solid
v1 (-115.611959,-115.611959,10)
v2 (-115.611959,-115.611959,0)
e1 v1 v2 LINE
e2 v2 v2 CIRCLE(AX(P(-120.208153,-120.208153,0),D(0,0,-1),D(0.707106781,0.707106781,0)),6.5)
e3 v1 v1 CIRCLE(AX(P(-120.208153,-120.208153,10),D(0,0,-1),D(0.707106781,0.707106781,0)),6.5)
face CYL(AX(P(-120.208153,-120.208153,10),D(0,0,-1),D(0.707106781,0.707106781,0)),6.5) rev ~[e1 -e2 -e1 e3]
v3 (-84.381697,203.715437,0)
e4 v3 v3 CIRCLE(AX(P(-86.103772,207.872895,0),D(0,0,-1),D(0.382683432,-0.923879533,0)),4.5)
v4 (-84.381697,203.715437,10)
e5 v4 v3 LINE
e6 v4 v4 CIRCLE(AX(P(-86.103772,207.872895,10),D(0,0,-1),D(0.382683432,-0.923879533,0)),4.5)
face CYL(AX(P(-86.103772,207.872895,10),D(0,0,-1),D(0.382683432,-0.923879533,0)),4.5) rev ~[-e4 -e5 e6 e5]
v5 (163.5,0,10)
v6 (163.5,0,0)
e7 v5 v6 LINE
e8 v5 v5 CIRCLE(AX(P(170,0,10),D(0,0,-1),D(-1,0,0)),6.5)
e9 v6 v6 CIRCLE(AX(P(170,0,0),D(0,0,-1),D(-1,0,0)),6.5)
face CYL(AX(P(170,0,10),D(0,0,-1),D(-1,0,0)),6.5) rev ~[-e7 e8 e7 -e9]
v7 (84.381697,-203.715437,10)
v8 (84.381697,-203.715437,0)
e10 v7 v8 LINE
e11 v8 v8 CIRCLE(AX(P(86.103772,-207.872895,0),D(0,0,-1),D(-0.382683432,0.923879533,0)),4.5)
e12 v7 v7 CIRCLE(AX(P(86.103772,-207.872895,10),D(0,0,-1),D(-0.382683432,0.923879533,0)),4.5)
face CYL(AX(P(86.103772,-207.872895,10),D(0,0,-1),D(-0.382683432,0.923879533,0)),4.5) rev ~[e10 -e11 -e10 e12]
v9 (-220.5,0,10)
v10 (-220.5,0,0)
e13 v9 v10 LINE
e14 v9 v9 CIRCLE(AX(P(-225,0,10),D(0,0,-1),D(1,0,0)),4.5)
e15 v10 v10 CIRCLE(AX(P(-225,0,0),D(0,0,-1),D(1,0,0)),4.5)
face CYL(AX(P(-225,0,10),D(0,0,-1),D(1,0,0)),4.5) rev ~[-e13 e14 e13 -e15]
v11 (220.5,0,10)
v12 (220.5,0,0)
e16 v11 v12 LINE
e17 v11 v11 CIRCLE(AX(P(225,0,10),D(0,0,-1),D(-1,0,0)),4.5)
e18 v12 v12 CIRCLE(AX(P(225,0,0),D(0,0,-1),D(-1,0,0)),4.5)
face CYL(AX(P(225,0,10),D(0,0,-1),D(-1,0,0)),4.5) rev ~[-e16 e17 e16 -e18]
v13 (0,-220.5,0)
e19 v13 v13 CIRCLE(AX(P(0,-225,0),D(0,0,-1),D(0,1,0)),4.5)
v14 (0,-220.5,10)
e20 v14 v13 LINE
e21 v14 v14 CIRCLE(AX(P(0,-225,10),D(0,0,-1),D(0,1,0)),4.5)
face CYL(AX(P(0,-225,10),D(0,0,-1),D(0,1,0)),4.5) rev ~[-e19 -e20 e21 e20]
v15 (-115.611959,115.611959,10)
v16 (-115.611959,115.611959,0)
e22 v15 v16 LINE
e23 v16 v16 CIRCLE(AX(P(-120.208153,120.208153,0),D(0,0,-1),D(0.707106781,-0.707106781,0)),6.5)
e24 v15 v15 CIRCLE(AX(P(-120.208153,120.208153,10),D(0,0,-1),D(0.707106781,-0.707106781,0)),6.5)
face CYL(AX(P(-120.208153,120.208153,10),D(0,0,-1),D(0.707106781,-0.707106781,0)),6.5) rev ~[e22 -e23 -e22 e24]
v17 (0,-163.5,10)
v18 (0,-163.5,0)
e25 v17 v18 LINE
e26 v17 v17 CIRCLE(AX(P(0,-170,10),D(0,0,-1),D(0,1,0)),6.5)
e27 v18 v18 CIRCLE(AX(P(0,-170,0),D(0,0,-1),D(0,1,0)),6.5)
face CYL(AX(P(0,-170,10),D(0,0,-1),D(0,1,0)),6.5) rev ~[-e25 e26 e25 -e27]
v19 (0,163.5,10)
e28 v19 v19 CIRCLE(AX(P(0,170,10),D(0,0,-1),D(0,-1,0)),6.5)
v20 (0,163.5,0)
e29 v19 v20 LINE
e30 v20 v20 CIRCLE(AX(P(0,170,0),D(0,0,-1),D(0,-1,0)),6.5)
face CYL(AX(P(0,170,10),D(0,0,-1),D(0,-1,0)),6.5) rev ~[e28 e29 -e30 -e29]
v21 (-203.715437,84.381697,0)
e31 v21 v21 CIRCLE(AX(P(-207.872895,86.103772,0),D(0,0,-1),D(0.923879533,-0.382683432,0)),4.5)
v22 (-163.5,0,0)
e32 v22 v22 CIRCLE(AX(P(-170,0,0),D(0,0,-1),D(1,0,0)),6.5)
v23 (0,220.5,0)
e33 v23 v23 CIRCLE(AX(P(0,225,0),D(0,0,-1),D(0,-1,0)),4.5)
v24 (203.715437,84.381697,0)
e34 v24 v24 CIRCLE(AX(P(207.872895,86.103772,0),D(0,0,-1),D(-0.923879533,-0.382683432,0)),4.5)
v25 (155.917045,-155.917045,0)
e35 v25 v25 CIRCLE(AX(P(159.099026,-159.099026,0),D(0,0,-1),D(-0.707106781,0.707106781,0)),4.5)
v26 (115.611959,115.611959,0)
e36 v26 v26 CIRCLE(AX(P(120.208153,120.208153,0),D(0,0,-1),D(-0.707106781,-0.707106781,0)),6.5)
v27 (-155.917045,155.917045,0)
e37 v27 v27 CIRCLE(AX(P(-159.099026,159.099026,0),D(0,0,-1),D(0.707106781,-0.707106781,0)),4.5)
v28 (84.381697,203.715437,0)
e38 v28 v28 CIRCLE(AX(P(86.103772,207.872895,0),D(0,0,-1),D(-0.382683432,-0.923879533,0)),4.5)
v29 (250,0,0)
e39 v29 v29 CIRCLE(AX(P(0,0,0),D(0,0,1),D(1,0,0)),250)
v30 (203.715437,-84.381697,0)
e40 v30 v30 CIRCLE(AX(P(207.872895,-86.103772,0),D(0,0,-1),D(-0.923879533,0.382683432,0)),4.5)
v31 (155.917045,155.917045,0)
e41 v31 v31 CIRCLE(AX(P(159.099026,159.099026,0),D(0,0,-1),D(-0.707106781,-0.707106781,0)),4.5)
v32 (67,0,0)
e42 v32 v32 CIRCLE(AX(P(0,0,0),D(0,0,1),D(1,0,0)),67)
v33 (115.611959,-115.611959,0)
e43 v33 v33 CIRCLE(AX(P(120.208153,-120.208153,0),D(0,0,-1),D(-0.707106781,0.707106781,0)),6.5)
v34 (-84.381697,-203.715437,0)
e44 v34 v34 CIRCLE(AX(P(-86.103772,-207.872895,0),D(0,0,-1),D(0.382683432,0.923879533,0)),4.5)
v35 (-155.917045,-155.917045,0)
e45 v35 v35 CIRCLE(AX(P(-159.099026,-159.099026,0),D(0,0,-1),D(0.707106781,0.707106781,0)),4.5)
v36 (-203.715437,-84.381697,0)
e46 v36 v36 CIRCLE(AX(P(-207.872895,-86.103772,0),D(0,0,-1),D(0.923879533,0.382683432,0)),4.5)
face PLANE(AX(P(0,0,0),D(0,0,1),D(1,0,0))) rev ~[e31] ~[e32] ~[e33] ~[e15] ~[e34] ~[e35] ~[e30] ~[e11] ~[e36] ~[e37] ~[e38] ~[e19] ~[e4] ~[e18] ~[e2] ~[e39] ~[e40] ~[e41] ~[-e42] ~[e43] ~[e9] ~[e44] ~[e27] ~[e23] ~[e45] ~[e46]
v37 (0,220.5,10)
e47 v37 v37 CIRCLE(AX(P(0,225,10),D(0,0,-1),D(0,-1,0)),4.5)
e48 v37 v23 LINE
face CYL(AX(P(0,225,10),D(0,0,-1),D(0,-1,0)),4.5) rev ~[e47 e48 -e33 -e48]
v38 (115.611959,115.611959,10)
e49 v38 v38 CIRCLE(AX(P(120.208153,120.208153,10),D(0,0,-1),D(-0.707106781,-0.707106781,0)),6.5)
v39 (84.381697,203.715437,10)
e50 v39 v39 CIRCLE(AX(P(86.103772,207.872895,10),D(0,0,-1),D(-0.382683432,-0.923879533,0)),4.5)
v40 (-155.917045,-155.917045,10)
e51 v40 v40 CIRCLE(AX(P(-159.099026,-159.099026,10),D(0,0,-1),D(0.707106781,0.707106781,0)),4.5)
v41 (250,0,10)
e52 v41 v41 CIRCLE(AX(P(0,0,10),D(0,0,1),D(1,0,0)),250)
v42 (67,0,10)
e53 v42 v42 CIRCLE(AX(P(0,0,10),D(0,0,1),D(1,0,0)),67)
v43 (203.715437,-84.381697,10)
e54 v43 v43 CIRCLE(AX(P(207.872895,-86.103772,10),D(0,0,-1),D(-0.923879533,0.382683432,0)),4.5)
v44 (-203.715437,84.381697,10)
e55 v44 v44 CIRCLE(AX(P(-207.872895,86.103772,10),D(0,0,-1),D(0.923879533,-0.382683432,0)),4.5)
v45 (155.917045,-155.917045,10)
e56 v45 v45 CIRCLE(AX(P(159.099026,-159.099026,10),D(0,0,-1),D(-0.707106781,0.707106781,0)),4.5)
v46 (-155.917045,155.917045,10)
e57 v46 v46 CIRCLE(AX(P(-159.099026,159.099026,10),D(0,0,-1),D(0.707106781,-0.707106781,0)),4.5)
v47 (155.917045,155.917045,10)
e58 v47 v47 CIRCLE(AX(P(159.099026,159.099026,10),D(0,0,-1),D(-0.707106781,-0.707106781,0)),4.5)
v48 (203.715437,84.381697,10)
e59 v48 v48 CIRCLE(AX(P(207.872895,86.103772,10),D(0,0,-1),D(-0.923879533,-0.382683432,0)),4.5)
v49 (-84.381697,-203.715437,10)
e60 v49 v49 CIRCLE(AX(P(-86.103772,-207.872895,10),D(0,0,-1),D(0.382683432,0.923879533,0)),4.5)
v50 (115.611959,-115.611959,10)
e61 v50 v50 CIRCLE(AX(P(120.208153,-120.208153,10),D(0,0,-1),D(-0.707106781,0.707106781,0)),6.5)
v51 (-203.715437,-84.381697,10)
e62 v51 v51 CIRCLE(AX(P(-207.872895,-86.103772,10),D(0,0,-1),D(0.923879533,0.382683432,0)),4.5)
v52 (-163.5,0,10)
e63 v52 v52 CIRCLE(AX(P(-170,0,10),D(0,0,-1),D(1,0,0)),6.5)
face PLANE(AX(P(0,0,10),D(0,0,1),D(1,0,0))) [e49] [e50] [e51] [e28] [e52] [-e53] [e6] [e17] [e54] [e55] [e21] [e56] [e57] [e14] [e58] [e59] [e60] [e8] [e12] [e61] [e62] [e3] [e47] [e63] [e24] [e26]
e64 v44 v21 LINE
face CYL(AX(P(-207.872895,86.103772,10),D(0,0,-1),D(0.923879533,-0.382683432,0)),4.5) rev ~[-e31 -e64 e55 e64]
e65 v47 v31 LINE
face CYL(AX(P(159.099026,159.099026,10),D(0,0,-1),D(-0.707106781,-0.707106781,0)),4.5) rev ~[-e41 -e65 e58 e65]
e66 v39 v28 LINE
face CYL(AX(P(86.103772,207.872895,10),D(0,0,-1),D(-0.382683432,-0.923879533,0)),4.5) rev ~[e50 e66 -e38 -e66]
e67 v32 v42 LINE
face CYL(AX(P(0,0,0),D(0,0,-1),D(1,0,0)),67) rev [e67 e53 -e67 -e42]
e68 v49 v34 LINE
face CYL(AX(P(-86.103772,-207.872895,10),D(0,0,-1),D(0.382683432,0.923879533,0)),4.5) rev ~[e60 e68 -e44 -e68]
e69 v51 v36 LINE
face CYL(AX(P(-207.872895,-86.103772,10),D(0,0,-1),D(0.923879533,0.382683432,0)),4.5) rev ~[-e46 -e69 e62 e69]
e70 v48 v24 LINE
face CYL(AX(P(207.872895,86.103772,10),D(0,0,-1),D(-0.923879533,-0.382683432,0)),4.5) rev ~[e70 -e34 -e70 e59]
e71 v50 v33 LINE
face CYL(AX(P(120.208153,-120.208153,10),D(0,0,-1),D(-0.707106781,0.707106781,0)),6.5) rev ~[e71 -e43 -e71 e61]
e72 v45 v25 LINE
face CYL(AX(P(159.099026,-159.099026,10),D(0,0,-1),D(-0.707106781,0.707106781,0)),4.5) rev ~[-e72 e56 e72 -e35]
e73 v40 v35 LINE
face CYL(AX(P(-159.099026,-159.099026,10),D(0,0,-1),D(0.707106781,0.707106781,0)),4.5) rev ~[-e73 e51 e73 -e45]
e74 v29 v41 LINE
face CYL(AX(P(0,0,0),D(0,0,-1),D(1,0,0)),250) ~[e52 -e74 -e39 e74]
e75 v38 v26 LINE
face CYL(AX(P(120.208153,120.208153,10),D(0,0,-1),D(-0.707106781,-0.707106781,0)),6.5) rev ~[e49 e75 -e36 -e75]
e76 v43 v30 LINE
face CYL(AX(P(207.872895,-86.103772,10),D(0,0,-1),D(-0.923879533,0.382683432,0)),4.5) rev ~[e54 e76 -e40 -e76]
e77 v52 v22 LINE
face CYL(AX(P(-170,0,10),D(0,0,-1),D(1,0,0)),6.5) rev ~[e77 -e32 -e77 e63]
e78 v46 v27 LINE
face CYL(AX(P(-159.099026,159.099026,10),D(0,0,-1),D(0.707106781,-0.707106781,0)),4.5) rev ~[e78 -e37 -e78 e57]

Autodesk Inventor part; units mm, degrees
ref_plane "YZ Plane" through (0, 0, 0) normal (1, 0, 0) x (0, 1, 0)
ref_plane "XZ Plane" through (0, 0, 0) normal (0, 1, 0) x (-1, 0, 0)
ref_plane "XY Plane" through (0, 0, 0) normal (0, 0, 1) x (1, 0, 0)
sketch "Sketch1" plane through (0, 0, 0) normal (0, 0, 1) x (1, 0, 0)
  circle A0 centre (0, 0) radius 67
  circle A1 centre (0, 0) radius 250
  dimension "d0" = 134
  dimension "d1" = 500
extrude "Extrusion1" add sketch "Sketch1" along normal blind 10
sketch "Sketch2" plane through (0, 0, 10) normal (0, 0, 1) x (1, 0, 0)
  circle A0 centre (0, 0) radius 225 construction
  circle A1 centre (0, 0) radius 250 projected
  point P0 (0, 225)
  dimension "d4" = 450
hole "Hole1" at (0, 225, 10) direction (0, 0, -1) diameter 9 end through all
pattern_circular "Circular Pattern1" count 16 over 360 about axis through (0, 0, 0) along (0, 0, 1) of "Hole1"
sketch "Sketch3" plane through (0, 0, 10) normal (0, 0, 1) x (1, 0, 0)
  circle A0 centre (0, 0) radius 170 construction
  point P0 (0, 170)
  dimension "d16" = 340
hole "Hole2" at (0, 170, 10) direction (0, 0, -1) diameter 13 end through all
pattern_circular "Circular Pattern2" count 8 over 360 about axis through (0, 0, -10) along (0, 0, 1) of "Hole2"
equation "\"d22\" = Thickness"
equation "\"BendRadius\" = Thickness"
equation "\"BendReliefWidth\" = Thickness"
equation "\"BendReliefDepth\" = 0.5 * Thickness"
equation "\"CornerReliefSize\" = 4 * Thickness"
equation "\"MinimumRemnant\" = 2 * Thickness"
equation "\"TransitionRadius\" = BendRadius"
equation "\"JacobiRadiusSize\" = BendRadius"
equation "\"GapSize\" = Thickness"
equation "\"Thickness\" = 0.5"
properties part number "DMF pancake"
